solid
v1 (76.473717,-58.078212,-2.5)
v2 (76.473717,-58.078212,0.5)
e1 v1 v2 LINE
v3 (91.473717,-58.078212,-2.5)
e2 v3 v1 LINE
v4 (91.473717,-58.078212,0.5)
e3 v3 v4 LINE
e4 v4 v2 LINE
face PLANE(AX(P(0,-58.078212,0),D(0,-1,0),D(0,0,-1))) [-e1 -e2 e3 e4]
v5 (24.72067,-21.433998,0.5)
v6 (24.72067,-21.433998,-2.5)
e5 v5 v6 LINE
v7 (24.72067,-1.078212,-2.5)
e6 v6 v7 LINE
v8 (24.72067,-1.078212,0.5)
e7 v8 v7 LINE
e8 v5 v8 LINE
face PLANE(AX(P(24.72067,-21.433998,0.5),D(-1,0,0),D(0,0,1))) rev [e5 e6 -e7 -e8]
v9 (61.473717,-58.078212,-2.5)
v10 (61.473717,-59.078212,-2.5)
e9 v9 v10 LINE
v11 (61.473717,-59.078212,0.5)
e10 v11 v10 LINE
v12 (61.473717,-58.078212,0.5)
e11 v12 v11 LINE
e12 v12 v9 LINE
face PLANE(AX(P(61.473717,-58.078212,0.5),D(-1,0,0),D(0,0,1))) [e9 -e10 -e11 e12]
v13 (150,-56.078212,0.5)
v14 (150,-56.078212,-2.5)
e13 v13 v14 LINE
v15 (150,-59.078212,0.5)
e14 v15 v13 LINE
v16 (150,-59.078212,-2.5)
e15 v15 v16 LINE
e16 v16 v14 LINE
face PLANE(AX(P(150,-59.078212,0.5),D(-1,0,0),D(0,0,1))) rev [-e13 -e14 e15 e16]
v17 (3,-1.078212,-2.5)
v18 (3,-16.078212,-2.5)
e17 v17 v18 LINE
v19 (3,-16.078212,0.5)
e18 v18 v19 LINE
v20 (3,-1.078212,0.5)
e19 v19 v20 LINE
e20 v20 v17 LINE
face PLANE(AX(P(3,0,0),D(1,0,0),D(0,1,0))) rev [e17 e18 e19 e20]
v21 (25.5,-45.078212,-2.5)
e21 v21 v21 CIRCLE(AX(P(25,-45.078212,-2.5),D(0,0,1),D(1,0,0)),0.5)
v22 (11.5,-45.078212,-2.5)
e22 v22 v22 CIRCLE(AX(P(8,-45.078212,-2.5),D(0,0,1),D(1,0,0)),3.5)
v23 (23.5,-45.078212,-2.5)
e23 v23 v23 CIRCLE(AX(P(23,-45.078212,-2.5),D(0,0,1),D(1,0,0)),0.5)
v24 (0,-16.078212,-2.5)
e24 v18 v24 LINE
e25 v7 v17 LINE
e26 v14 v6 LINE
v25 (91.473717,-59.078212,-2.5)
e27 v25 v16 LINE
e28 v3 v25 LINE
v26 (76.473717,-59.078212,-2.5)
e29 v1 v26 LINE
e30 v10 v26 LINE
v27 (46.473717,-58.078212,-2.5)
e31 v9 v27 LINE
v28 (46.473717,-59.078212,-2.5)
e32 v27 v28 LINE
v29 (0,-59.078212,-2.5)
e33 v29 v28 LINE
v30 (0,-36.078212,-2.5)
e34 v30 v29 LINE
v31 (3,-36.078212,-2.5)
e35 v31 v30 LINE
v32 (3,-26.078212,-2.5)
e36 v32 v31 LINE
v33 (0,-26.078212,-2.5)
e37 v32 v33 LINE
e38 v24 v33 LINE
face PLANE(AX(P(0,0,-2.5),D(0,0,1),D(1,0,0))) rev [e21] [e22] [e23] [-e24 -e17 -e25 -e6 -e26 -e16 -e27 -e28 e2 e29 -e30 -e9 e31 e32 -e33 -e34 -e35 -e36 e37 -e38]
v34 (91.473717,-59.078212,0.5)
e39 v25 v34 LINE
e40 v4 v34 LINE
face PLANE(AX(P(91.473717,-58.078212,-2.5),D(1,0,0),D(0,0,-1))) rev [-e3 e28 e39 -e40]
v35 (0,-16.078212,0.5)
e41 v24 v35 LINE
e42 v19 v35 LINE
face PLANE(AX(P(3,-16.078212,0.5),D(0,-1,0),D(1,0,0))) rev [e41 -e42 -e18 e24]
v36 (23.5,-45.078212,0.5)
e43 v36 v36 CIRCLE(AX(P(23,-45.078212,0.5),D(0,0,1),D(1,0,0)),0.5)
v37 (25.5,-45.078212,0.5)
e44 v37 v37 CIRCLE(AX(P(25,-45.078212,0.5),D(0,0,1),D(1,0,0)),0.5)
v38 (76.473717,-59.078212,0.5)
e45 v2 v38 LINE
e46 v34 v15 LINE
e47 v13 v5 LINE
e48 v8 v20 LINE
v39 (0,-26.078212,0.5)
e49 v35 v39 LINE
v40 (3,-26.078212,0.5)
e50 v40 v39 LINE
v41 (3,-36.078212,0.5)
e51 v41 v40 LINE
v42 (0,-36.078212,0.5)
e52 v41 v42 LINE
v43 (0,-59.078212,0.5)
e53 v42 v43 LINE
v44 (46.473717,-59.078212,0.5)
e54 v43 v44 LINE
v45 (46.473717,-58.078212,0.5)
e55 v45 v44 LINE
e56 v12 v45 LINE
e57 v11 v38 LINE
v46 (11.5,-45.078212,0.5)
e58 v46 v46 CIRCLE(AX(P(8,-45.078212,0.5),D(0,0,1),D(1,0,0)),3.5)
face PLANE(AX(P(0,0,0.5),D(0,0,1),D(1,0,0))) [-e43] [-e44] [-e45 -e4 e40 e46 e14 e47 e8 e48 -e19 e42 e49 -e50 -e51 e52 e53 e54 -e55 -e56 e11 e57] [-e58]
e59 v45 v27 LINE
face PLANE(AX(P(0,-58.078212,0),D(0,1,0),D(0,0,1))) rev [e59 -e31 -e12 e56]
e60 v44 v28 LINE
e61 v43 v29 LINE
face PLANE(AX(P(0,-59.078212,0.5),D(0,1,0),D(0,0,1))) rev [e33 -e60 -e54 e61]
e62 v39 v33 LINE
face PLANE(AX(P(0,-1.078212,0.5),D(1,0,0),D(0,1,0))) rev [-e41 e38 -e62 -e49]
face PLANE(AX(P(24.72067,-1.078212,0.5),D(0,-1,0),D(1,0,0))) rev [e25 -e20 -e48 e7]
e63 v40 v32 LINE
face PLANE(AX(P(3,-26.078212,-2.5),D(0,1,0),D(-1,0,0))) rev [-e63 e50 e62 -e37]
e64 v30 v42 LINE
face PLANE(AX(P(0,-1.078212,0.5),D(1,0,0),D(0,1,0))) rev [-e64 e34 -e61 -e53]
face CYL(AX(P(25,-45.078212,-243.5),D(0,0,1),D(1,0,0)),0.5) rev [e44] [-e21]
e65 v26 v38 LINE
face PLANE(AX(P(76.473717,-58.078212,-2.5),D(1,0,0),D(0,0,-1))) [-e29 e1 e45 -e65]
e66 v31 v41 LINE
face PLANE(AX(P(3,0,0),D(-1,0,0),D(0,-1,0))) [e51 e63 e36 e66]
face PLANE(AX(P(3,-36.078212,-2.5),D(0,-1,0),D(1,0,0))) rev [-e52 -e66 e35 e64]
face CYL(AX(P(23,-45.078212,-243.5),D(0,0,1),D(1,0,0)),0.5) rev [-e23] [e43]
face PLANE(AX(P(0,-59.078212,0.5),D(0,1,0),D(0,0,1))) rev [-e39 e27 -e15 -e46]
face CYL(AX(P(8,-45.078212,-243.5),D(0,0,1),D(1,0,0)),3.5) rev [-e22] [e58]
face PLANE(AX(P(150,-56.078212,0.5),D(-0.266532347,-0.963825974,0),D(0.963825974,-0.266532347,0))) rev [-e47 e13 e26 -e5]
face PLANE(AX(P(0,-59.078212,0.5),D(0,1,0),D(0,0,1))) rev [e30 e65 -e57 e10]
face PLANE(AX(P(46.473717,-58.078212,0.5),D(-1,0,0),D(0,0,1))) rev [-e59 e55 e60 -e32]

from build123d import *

# Parameters (mm, degrees)
EXTRUDE_1_DEPTH      = 0.5
EXTRUDE_2_DEPTH      = 109.5
SKETCH_8_W           = 60
SKETCH_8_H           = 8
SKETCH_8_W_2         = 60.000005443
CUT_EXTRUDE_2_DEPTH  = 10
CUT_EXTRUDE_3_DEPTH  = 10
EXTRUDE_4_DEPTH      = 2.5
FILLET_3_R           = 0.25
FILLET_4_R           = 0.25
SKETCH_7_R           = 3.5
SKETCH_7_R_2         = 0.5
CUT_EXTRUDE_4_DEPTH  = 244
SKETCH_11_W          = 306.812384231
SKETCH_11_H          = 135.84704279
CUT_EXTRUDE_6_DEPTH  = 266
SKETCH_15_W          = 3
SKETCH_15_H          = 15
SKETCH_15_H_2        = 10
CUT_EXTRUDE_9_DEPTH  = 3
SKETCH_16_W          = 15
SKETCH_16_H          = 3
CUT_EXTRUDE_10_DEPTH = 1


with BuildPart() as part:
    # 草图1 → 凸台-拉伸1 (new body)
    with BuildSketch(Plane.XY):
        Polygon((0, -1.078212291), (0, -59.078212291), (150, -59.078212291), (150, -56.078212291), (24.720670391, -21.433997855), (24.720670391, -1.078212291), align=None)
    extrude(amount=EXTRUDE_1_DEPTH)

    # 草图2 → 凸台-拉伸2 (add)
    with BuildSketch(Plane(origin=(0, 0, 0), x_dir=(-1, 0, 0), z_dir=(0, 0, -1))):
        with BuildLine():
            Line((0, -1.078212291), (-2.47, -1.078212291))
            Line((-2.47, -1.078212291), (-2.47, -54.078212291))
            Line((-2.47, -54.078212291), (-149.757622023, -58.570819212))
            ThreePointArc((-149.757622023, -58.570819212), (-149.929451255, -58.64664195), (-150, -58.820702994))
            Line((-150, -58.820702994), (-150, -58.828212291))
            ThreePointArc((-150, -58.828212291), (-149.926776695, -59.004988986), (-149.75, -59.078212291))
            Line((-149.75, -59.078212291), (0, -59.078212291))
            Line((0, -59.078212291), (0, -1.078212291))
        make_face()
    extrude(amount=EXTRUDE_2_DEPTH)

    # 镜向3: part across plane


with BuildPart() as part_1:
    add(part.part)
    add(part.part.mirror(Plane(origin=(149.75, -58.820702994, -109.5), x_dir=(1, 0, 0), z_dir=(0, 0, 1))))

    # 草图8 → 切除-拉伸2 (cut)
    with BuildSketch(Plane(origin=(-1.645679091, -53.952674733, 0), x_dir=(0.9995351300973986, -0.030488091136977483, 0), z_dir=(0.030488091136977483, 0.9995351300973986, 0))):
        with Locations((121.473716686, 5)):
            Rectangle(SKETCH_8_W, SKETCH_8_H)
        with Locations((121.473713965, 15)):
            Rectangle(SKETCH_8_W_2, SKETCH_8_H)
        with Locations((121.473713965, 24.947368421)):
            Rectangle(SKETCH_8_W_2, SKETCH_8_H)
        with Locations((121.473713965, 34.894736842)):
            Rectangle(SKETCH_8_W_2, SKETCH_8_H)
        with Locations((121.473713965, 44.842105263)):
            Rectangle(SKETCH_8_W_2, SKETCH_8_H)
        with Locations((121.473713965, 54.789473684)):
            Rectangle(SKETCH_8_W_2, SKETCH_8_H)
        with Locations((121.473713965, 64.736842105)):
            Rectangle(SKETCH_8_W_2, SKETCH_8_H)
        with Locations((121.473713965, 74.684210526)):
            Rectangle(SKETCH_8_W_2, SKETCH_8_H)
        with Locations((121.473713965, 84.631578947)):
            Rectangle(SKETCH_8_W_2, SKETCH_8_H)
        with Locations((121.473713965, 94.578947368)):
            Rectangle(SKETCH_8_W_2, SKETCH_8_H)
        with Locations((121.473713965, 104.526315789)):
            Rectangle(SKETCH_8_W_2, SKETCH_8_H)
        with Locations((121.473713965, 114.473684211)):
            Rectangle(SKETCH_8_W_2, SKETCH_8_H)
        with Locations((121.473713965, 124.421052632)):
            Rectangle(SKETCH_8_W_2, SKETCH_8_H)
        with Locations((121.473713965, 134.368421053)):
            Rectangle(SKETCH_8_W_2, SKETCH_8_H)
        with Locations((121.473713965, 144.315789474)):
            Rectangle(SKETCH_8_W_2, SKETCH_8_H)
        with Locations((121.473713965, 154.263157895)):
            Rectangle(SKETCH_8_W_2, SKETCH_8_H)
        with Locations((121.473713965, 164.210526316)):
            Rectangle(SKETCH_8_W_2, SKETCH_8_H)
        with Locations((121.473713965, 174.157894737)):
            Rectangle(SKETCH_8_W_2, SKETCH_8_H)
        with Locations((121.473713965, 184.105263158)):
            Rectangle(SKETCH_8_W_2, SKETCH_8_H)
        with Locations((121.473713965, 194.052631579)):
            Rectangle(SKETCH_8_W_2, SKETCH_8_H)
        with Locations((121.473713965, 204)):
            Rectangle(SKETCH_8_W_2, SKETCH_8_H)
        with Locations((121.473716686, 214)):
            Rectangle(SKETCH_8_W, SKETCH_8_H)
    extrude(amount=-CUT_EXTRUDE_2_DEPTH, mode=Mode.SUBTRACT)

    # 草图9 → 切除-拉伸3 (cut)
    with BuildSketch(Plane(origin=(-1.645679091, -53.952674733, 0), x_dir=(0.9995351300973986, -0.030488091136977483, 0), z_dir=(0.030488091136977483, 0.9995351300973986, 0))):
        Polygon((151.639987162, 219), (153.085665737, 219), (154.855962757, 1), (151.716207414, 1), (151.473716686, 1), (151.473716686, 219), align=None)
    extrude(amount=-CUT_EXTRUDE_3_DEPTH, mode=Mode.SUBTRACT)

    # 草图1<3> → 凸台-拉伸4 (add)
    with BuildSketch(Plane.XY):
        Polygon((0, -1.078212291), (0, -59.078212291), (150, -59.078212291), (150, -56.078212291), (24.720670391, -21.433997855), (24.720670391, -1.078212291), align=None)
    extrude_4 = extrude(amount=-EXTRUDE_4_DEPTH)

    # 圆角3
    fillet_3_edges = [part_1.edges().sort_by_distance(p)[0] for p in [
        (149.757622023, -58.570819212, -179.131578947),
        (149.757622023, -58.570819212, -189.078947368),
        (149.757622023, -58.570819212, -199.026315789),
        (149.757622023, -58.570819212, -209),
        (149.757622023, -58.570819212, -218.5),
        (149.757622023, -58.570819212, -89.605263158),
        (149.757622023, -58.570819212, -99.552631579),
        (149.757622023, -58.570819212, -109.5),
        (149.757622023, -58.570819212, -119.447368421),
        (149.757622023, -58.570819212, -129.394736842),
        (149.757622023, -58.570819212, -139.342105263),
        (149.757622023, -58.570819212, -149.289473684),
        (149.757622023, -58.570819212, -159.236842105),
        (149.757622023, -58.570819212, -169.184210526),
        (149.757622023, -58.570819212, -79.657894737),
        (149.757622023, -58.570819212, -69.710526316),
        (149.757622023, -58.570819212, -59.763157895),
        (149.757622023, -58.570819212, -49.815789474),
        (149.757622023, -58.570819212, -39.868421053),
        (149.757622023, -58.570819212, -29.921052632),
        (149.757622023, -58.570819212, -19.973684211),
        (149.757622023, -58.570819212, -10),
    ]]
    fillet(fillet_3_edges, radius=FILLET_3_R)

    # 圆角4
    fillet_4_edges = [part_1.edges().sort_by_distance(p)[0] for p in [
        (149.742145382, -59.078212291, -49.815789474),
        (149.742145382, -59.078212291, -39.868421053),
        (149.742145382, -59.078212291, -29.921052632),
        (149.742145382, -59.078212291, -19.973684211),
        (149.742145382, -59.078212291, -10),
        (149.742145382, -59.078212291, -69.710526316),
        (149.742145382, -59.078212291, -59.763157895),
        (149.742145382, -59.078212291, -89.605263158),
        (149.742145382, -59.078212291, -79.657894737),
        (149.742145382, -59.078212291, -129.394736842),
        (149.742145382, -59.078212291, -119.447368421),
        (149.742145382, -59.078212291, -109.5),
        (149.742145382, -59.078212291, -99.552631579),
        (149.742145382, -59.078212291, -139.342105263),
        (149.742145382, -59.078212291, -149.289473684),
        (149.742145382, -59.078212291, -159.236842105),
        (149.742145382, -59.078212291, -169.184210526),
        (149.742145382, -59.078212291, -218.5),
        (149.742145382, -59.078212291, -209),
        (149.742145382, -59.078212291, -199.026315789),
        (149.742145382, -59.078212291, -189.078947368),
        (149.742145382, -59.078212291, -179.131578947),
    ]]
    fillet(fillet_4_edges, radius=FILLET_4_R)

    # 镜向4: 凸台-拉伸4 across plane
    add(extrude_4.mirror(Plane.XY.offset(-109.5)))

    # 草图7 → 切除-拉伸4 (cut)
    with BuildSketch(Plane.XY.offset(0.5)):
        with Locations((8, -45.078212291)):
            Circle(SKETCH_7_R)
        with Locations((25, -45.078212291)):
            Circle(SKETCH_7_R_2)
        with Locations((23, -45.078212291)):
            Circle(SKETCH_7_R_2)
    extrude(amount=-CUT_EXTRUDE_4_DEPTH, mode=Mode.SUBTRACT)

    # 草图11 → 切除-拉伸6 (cut)
    with BuildSketch(Plane(origin=(150, 0, 0), x_dir=(0, 0, -1), z_dir=(1, 0, 0))):
        with Locations((155.906192116, 8.845309104)):
            Rectangle(SKETCH_11_W, SKETCH_11_H)
    extrude(amount=-CUT_EXTRUDE_6_DEPTH, mode=Mode.SUBTRACT)

    # 草图15 → 切除-拉伸9 (cut)
    with BuildSketch(Plane.ZY):
        with Locations((-1, -8.578212291)):
            Rectangle(SKETCH_15_W, SKETCH_15_H)
        with Locations((-1, -31.078212291)):
            Rectangle(SKETCH_15_W, SKETCH_15_H_2)
    extrude(amount=-CUT_EXTRUDE_9_DEPTH, mode=Mode.SUBTRACT)

    # 草图16 → 切除-拉伸10 (cut)
    with BuildSketch(Plane(origin=(0, -59.078212291, 0), x_dir=(-1, 0, 0), z_dir=(0, -1, 0))):
        with Locations((-83.973716686, 1)):
            Rectangle(SKETCH_16_W, SKETCH_16_H)
        with Locations((-53.973716686, 1)):
            Rectangle(SKETCH_16_W, SKETCH_16_H)
    extrude(amount=-CUT_EXTRUDE_10_DEPTH, mode=Mode.SUBTRACT)


solid = part_1.part
